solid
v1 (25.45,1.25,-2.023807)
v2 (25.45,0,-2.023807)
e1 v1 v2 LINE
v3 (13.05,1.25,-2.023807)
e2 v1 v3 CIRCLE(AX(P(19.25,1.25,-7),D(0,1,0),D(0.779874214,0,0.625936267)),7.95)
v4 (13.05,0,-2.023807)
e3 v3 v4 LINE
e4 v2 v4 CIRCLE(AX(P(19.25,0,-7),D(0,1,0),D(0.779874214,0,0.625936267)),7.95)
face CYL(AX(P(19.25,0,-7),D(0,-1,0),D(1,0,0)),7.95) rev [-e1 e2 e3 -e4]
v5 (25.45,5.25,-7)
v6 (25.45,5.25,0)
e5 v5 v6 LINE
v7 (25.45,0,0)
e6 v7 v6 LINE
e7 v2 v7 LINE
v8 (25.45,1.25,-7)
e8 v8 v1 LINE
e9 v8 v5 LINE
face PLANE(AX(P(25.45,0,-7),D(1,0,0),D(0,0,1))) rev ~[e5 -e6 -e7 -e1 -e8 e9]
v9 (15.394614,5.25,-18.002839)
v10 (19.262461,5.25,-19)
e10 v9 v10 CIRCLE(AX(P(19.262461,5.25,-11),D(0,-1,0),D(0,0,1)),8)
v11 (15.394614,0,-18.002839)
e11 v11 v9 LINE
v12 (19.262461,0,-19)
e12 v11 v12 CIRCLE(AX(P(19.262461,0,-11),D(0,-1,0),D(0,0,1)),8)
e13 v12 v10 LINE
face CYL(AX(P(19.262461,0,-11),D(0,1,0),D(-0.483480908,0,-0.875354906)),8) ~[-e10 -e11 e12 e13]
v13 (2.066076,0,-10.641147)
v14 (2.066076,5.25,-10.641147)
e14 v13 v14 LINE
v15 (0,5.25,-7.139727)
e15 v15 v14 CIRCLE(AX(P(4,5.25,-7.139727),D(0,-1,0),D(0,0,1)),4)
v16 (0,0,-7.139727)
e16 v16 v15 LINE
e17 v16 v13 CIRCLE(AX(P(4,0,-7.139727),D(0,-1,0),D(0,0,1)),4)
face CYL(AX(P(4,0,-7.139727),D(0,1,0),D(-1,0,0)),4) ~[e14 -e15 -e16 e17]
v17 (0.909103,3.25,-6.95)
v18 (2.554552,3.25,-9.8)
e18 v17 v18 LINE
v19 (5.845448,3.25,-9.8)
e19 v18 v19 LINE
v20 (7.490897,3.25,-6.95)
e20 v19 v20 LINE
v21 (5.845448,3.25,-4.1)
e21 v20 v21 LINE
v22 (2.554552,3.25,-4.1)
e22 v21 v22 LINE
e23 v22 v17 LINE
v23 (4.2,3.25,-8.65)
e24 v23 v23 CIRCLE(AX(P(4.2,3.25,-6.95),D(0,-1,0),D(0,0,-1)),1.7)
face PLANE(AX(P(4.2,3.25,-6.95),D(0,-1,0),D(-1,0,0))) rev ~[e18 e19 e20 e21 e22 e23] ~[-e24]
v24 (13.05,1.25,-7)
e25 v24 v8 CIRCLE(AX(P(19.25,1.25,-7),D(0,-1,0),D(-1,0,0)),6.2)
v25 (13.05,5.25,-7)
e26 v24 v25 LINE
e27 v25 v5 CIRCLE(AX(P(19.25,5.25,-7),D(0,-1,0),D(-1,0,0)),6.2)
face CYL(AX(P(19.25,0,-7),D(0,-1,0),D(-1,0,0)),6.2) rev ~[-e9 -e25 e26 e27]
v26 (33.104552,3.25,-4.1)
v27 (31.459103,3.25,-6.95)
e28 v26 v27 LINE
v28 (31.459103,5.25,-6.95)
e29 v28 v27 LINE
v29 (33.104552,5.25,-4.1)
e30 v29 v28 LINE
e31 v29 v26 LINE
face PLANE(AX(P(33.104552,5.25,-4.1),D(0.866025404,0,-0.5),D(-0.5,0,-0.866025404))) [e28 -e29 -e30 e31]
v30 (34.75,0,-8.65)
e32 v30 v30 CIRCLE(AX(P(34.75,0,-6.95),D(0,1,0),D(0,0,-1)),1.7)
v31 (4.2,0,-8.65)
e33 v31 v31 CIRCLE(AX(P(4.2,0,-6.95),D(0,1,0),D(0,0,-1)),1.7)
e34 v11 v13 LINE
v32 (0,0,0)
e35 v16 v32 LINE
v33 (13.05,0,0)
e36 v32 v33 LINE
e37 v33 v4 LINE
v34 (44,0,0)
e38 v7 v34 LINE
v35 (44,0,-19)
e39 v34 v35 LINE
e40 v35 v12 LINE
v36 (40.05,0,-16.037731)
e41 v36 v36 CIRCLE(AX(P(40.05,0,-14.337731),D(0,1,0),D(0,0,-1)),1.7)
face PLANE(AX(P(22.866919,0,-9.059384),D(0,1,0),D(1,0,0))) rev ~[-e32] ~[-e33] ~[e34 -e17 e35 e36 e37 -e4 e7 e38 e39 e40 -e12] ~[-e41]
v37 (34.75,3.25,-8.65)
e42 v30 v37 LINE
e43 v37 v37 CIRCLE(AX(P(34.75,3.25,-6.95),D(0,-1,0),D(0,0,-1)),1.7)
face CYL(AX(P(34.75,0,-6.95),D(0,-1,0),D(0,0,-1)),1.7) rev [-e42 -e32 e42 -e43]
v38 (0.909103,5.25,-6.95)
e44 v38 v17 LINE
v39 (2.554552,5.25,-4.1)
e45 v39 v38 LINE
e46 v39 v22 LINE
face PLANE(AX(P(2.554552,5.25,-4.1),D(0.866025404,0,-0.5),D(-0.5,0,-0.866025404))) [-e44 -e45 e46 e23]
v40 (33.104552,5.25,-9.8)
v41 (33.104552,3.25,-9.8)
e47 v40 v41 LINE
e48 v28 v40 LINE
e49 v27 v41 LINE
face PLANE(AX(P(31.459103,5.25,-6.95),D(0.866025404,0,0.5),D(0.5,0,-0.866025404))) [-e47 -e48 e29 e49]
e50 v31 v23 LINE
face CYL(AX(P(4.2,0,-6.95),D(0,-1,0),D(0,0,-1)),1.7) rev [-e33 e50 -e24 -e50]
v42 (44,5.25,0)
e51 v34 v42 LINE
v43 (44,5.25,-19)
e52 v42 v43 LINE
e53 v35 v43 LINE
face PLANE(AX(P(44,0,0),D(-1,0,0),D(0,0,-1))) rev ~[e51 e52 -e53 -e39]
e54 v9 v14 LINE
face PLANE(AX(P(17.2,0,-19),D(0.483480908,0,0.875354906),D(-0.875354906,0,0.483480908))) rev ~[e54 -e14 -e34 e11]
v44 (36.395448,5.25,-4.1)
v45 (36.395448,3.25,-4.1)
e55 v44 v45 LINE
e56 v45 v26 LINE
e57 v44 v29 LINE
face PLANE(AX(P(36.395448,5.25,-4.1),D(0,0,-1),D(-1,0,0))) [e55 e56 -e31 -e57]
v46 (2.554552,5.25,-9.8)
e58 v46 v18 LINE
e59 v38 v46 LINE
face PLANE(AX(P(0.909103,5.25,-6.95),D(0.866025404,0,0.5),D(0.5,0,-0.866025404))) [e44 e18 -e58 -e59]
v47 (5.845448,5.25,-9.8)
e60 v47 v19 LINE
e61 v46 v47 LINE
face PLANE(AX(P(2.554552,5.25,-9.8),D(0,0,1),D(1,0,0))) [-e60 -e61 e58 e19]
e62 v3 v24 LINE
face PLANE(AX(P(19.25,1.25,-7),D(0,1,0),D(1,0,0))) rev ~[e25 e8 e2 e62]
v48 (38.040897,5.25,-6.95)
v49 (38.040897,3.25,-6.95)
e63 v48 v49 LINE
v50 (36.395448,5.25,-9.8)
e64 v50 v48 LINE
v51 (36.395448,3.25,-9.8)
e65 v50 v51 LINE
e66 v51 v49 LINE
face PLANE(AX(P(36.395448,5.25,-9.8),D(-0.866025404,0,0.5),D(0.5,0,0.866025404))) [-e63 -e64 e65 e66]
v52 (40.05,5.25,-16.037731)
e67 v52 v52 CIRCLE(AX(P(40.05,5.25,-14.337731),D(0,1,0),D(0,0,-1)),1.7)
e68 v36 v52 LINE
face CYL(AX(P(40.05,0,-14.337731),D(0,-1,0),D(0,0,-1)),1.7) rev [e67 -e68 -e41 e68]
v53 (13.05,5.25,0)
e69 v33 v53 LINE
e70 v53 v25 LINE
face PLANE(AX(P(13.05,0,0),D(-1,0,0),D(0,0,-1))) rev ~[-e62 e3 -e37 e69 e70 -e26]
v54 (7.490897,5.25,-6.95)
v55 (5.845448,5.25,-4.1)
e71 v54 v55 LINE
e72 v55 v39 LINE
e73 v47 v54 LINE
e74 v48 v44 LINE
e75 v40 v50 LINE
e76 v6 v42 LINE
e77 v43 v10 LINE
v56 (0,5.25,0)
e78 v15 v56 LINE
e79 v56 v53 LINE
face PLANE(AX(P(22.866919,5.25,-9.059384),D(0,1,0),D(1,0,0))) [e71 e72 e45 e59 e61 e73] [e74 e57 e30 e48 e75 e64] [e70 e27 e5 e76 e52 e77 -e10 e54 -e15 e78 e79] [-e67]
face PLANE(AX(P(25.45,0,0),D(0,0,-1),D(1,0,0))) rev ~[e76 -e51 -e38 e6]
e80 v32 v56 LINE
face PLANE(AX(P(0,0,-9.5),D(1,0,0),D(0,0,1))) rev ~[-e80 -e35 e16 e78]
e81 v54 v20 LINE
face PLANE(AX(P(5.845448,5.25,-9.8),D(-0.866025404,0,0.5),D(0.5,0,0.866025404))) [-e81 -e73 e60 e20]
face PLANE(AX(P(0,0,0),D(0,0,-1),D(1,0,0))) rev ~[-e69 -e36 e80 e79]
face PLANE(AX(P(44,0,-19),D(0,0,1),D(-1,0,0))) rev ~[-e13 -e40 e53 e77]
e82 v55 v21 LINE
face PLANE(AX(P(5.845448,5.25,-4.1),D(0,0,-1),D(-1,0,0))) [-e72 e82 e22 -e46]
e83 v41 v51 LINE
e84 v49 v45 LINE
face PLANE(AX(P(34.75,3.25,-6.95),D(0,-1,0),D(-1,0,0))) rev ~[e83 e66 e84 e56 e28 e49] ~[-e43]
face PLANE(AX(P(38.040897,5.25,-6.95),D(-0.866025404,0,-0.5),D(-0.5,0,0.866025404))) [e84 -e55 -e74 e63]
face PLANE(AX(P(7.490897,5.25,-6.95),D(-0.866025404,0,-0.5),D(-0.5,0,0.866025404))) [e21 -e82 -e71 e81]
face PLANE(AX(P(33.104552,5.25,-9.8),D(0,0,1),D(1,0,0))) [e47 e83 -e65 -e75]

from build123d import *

# Parameters (mm, degrees)
ESBO_O1_R                = 1.7
RESSALTO_EXTRUS_O1_DEPTH = 5.25
ESBO_O2_R                = 7.95
CORTE_EXTRUS_O1_DEPTH    = 1.25
FILETE1_R                = 4
FILETE2_R                = 8
CORTE_EXTRUS_O2_DEPTH    = 2


with BuildPart() as part:
    # Esboço1 → Ressalto-extrusão1 (new body)
    with BuildSketch(Plane(origin=(0, 0, 0), x_dir=(1, 0, 0), z_dir=(0, 1, 0))):
        with BuildLine():
            Line((13.05, 0), (13.05, 7))
            ThreePointArc((13.05, 7), (19.25, 13.2), (25.45, 7))
            Line((25.45, 7), (25.45, 0))
            Line((25.45, 0), (44, 0))
            Line((44, 0), (44, 19))
            Line((44, 19), (17.2, 19))
            Line((17.2, 19), (0, 9.5))
            Line((0, 9.5), (0, 0))
            Line((0, 0), (13.05, 0))
        make_face()
        with Locations(Location((4.2, 6.95, 0), (0, 0, 90))):
            Circle(ESBO_O1_R, mode=Mode.SUBTRACT)
        with Locations(Location((34.75, 6.95, 0), (0, 0, 90))):
            Circle(ESBO_O1_R, mode=Mode.SUBTRACT)
        with Locations(Location((40.05, 14.337730871, 0), (0, 0, 90))):
            Circle(ESBO_O1_R, mode=Mode.SUBTRACT)
    extrude(amount=RESSALTO_EXTRUS_O1_DEPTH)

    # Esboço2 → Corte-extrusão1 (cut)
    with BuildSketch(Plane(origin=(0, 0, 0), x_dir=(1, 0, 0), z_dir=(0, 1, 0))):
        with Locations((19.25, 7)):
            Circle(ESBO_O2_R)
    extrude(amount=CORTE_EXTRUS_O1_DEPTH, mode=Mode.SUBTRACT)

    # Filete1
    filete1_edges = [part.edges().sort_by_distance(p)[0] for p in [
        (0, 2.625, -9.5),
    ]]
    fillet(filete1_edges, radius=FILETE1_R)

    # Filete2
    filete2_edges = [part.edges().sort_by_distance(p)[0] for p in [
        (17.2, 2.625, -19),
    ]]
    fillet(filete2_edges, radius=FILETE2_R)

    # Esboço3 → Corte-extrusão2 (cut)
    with BuildSketch(Plane(origin=(0, 5.25, 0), x_dir=(-1, 0, 0), z_dir=(0, -1, 0))):
        Polygon((-31.459103466, 6.95), (-33.104551733, 9.8), (-36.395448267, 9.8), (-38.040896534, 6.95), (-36.395448267, 4.1), (-33.104551733, 4.1), align=None)
        Polygon((-0.909103466, 6.95), (-2.554551733, 9.8), (-5.845448267, 9.8), (-7.490896534, 6.95), (-5.845448267, 4.1), (-2.554551733, 4.1), align=None)
    extrude(amount=CORTE_EXTRUS_O2_DEPTH, mode=Mode.SUBTRACT)


solid = part.part
